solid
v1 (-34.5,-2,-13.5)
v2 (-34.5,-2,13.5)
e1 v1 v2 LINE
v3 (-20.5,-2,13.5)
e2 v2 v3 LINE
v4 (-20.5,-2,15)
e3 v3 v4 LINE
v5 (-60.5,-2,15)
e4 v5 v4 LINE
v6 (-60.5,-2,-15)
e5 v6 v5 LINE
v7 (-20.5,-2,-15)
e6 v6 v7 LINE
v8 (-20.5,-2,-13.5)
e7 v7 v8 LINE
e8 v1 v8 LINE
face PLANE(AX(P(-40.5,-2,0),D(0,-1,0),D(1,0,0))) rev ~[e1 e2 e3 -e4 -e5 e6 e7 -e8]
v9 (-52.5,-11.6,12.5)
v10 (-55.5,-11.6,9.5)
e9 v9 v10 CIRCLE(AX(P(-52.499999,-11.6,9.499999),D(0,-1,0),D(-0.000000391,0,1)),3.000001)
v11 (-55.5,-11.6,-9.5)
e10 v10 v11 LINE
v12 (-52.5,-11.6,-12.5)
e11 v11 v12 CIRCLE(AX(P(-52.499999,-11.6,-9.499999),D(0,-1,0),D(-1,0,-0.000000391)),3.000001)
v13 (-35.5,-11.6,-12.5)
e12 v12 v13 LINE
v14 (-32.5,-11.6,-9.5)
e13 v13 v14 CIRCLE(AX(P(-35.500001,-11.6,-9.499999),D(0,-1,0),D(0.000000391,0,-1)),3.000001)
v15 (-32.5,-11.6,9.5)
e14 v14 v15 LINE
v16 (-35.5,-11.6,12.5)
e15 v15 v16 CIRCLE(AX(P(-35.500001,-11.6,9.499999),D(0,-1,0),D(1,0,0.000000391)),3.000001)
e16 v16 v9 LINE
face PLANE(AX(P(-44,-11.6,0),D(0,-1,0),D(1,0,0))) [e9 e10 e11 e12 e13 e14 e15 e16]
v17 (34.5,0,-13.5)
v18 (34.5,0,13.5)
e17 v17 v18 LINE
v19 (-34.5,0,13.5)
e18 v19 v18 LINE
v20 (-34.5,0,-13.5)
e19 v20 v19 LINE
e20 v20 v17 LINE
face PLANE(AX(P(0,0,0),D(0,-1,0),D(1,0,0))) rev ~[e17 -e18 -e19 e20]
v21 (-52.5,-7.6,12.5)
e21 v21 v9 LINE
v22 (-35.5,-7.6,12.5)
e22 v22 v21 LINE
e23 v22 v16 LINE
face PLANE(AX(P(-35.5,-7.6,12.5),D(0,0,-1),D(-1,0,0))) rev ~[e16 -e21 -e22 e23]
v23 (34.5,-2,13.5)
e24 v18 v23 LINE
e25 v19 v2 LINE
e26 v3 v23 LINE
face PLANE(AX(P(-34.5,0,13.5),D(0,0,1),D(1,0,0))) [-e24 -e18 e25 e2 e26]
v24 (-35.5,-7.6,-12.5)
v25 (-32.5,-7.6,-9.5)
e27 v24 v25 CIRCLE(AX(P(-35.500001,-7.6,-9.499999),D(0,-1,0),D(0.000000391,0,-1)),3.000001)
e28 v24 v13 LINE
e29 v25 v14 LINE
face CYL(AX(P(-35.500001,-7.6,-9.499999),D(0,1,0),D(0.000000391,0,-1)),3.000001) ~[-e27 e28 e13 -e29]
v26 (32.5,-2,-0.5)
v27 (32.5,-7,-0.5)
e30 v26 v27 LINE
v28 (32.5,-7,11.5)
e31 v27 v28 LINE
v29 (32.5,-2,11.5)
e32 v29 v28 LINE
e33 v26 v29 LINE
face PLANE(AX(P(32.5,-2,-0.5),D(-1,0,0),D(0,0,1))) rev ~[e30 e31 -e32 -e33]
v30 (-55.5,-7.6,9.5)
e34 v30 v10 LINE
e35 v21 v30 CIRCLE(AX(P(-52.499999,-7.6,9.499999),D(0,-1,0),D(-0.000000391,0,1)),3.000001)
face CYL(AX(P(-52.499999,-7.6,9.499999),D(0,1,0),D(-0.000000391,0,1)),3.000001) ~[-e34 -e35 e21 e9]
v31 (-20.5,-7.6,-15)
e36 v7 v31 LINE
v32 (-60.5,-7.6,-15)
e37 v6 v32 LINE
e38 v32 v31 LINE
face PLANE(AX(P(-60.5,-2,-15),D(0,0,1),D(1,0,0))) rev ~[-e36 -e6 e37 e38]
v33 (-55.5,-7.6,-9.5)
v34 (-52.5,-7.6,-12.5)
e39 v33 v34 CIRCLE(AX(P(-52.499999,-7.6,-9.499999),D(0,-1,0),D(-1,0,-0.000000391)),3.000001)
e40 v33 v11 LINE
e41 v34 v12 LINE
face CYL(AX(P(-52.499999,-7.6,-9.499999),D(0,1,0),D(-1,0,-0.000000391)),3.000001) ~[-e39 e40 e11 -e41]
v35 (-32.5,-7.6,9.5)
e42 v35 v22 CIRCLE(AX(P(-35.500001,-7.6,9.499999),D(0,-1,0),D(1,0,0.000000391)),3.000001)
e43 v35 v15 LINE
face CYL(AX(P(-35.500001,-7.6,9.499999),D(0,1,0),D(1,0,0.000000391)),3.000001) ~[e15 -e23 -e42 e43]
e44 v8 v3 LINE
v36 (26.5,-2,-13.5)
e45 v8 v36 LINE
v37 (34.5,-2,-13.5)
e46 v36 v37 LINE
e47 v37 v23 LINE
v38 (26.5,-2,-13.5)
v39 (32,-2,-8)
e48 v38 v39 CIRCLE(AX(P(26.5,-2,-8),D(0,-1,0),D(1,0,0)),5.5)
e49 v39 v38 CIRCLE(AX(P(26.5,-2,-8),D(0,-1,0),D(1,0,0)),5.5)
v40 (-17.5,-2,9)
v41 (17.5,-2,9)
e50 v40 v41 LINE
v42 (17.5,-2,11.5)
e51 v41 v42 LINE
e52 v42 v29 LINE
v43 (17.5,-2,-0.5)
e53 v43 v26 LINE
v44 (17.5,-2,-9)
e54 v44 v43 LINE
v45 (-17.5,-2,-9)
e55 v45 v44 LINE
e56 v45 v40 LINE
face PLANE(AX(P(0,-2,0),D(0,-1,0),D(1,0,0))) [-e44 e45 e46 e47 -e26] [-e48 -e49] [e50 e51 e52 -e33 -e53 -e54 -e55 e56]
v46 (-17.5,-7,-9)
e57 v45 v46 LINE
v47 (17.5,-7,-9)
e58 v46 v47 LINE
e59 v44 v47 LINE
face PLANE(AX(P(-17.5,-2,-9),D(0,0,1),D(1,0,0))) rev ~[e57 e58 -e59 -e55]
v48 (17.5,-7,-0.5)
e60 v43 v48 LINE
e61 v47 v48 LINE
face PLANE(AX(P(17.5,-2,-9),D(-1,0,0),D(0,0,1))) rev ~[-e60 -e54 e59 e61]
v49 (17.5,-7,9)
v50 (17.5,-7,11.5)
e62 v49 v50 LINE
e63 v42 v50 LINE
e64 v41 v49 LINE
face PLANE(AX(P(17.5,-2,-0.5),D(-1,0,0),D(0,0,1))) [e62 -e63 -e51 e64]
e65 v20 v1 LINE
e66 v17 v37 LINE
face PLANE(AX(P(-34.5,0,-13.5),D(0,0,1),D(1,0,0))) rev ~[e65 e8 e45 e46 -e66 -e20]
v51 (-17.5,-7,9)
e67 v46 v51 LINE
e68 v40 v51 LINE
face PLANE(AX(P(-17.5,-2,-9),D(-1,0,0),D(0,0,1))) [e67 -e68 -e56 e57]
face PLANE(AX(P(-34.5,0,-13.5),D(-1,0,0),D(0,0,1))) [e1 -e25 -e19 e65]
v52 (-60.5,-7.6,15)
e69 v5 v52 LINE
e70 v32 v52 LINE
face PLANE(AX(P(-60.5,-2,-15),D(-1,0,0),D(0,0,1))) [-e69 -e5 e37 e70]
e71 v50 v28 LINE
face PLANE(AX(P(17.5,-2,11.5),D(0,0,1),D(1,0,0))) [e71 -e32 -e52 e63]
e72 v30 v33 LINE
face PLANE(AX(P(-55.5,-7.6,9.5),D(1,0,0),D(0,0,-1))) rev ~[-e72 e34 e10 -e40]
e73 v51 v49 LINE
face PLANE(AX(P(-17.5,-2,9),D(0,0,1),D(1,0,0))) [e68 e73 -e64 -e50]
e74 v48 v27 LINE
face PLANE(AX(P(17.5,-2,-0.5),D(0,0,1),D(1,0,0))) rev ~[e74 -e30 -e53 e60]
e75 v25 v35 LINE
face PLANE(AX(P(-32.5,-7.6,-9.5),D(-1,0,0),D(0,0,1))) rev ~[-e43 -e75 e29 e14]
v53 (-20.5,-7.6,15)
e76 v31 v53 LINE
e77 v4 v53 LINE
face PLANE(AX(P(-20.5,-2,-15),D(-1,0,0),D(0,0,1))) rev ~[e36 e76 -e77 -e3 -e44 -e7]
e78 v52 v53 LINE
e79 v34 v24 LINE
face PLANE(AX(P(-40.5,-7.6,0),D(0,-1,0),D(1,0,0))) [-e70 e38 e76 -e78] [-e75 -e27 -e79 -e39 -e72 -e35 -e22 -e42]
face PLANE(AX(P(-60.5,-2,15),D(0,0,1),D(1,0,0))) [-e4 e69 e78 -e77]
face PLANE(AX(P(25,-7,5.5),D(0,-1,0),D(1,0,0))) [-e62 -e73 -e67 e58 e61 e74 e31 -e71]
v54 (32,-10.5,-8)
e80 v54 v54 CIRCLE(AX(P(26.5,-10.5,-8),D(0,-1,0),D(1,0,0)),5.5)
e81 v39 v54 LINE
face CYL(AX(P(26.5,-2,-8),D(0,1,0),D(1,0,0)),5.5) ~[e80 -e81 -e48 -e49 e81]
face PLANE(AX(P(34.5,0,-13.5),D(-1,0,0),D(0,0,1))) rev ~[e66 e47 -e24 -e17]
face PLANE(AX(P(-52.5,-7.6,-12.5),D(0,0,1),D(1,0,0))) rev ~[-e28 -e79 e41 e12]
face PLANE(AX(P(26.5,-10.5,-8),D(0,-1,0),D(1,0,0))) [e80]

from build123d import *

# Parameters (mm, degrees)
F0_W      = 69
F0_H      = 27
F1_DEPTH  = 2
F2_W      = 40
F2_H      = 30
F3_DEPTH  = 5.6
F4_W      = 35
F4_H      = 18
F5_DEPTH  = 5
F6_W      = 15
F6_H      = 12
F7_DEPTH  = 5
F8_R      = 5.5
F9_DEPTH  = 8.5
F11_DEPTH = 4


with BuildPart() as f1:
    # F0 (on Front) → F1 (new body)
    with BuildSketch(Plane.XZ):
        Rectangle(F0_W, F0_H)
    extrude(amount=F1_DEPTH)

    # F2 (on face) → F3 (join)
    with BuildSketch(Plane.XZ.offset(2)):
        with Locations((-40.5, 0)):
            Rectangle(F2_W, F2_H)
    extrude(amount=F3_DEPTH)

    # F4 (on face) → F5 (join)
    with BuildSketch(Plane.XZ.offset(2)):
        Rectangle(F4_W, F4_H)
    extrude(amount=F5_DEPTH)

    # F6 (on face) → F7 (join)
    with BuildSketch(Plane.XZ.offset(2)):
        with Locations((25, 5.5)):
            Rectangle(F6_W, F6_H)
    extrude(amount=F7_DEPTH)

    # F8 (on face) → F9 (join)
    with BuildSketch(Plane.XZ.offset(2)):
        with Locations((26.5, -8)):
            Circle(F8_R)
    extrude(amount=F9_DEPTH)

    # F10 (on face) → F11 (join)
    with BuildSketch(Plane.XZ.offset(7.6)):
        with BuildLine():
            Line((-35.5, 12.5), (-52.5, 12.5))
            ThreePointArc((-52.5, 12.5), (-54.62132, 11.62132), (-55.5, 9.5))
            Line((-55.5, 9.5), (-55.5, -9.5))
            ThreePointArc((-55.5, -9.5), (-54.62132, -11.62132), (-52.5, -12.5))
            Line((-52.5, -12.5), (-35.5, -12.5))
            ThreePointArc((-35.5, -12.5), (-33.37868, -11.62132), (-32.5, -9.5))
            Line((-32.5, -9.5), (-32.5, 9.5))
            ThreePointArc((-32.5, 9.5), (-33.37868, 11.62132), (-35.5, 12.5))
        make_face()
    extrude(amount=F11_DEPTH)


solid = f1.part
